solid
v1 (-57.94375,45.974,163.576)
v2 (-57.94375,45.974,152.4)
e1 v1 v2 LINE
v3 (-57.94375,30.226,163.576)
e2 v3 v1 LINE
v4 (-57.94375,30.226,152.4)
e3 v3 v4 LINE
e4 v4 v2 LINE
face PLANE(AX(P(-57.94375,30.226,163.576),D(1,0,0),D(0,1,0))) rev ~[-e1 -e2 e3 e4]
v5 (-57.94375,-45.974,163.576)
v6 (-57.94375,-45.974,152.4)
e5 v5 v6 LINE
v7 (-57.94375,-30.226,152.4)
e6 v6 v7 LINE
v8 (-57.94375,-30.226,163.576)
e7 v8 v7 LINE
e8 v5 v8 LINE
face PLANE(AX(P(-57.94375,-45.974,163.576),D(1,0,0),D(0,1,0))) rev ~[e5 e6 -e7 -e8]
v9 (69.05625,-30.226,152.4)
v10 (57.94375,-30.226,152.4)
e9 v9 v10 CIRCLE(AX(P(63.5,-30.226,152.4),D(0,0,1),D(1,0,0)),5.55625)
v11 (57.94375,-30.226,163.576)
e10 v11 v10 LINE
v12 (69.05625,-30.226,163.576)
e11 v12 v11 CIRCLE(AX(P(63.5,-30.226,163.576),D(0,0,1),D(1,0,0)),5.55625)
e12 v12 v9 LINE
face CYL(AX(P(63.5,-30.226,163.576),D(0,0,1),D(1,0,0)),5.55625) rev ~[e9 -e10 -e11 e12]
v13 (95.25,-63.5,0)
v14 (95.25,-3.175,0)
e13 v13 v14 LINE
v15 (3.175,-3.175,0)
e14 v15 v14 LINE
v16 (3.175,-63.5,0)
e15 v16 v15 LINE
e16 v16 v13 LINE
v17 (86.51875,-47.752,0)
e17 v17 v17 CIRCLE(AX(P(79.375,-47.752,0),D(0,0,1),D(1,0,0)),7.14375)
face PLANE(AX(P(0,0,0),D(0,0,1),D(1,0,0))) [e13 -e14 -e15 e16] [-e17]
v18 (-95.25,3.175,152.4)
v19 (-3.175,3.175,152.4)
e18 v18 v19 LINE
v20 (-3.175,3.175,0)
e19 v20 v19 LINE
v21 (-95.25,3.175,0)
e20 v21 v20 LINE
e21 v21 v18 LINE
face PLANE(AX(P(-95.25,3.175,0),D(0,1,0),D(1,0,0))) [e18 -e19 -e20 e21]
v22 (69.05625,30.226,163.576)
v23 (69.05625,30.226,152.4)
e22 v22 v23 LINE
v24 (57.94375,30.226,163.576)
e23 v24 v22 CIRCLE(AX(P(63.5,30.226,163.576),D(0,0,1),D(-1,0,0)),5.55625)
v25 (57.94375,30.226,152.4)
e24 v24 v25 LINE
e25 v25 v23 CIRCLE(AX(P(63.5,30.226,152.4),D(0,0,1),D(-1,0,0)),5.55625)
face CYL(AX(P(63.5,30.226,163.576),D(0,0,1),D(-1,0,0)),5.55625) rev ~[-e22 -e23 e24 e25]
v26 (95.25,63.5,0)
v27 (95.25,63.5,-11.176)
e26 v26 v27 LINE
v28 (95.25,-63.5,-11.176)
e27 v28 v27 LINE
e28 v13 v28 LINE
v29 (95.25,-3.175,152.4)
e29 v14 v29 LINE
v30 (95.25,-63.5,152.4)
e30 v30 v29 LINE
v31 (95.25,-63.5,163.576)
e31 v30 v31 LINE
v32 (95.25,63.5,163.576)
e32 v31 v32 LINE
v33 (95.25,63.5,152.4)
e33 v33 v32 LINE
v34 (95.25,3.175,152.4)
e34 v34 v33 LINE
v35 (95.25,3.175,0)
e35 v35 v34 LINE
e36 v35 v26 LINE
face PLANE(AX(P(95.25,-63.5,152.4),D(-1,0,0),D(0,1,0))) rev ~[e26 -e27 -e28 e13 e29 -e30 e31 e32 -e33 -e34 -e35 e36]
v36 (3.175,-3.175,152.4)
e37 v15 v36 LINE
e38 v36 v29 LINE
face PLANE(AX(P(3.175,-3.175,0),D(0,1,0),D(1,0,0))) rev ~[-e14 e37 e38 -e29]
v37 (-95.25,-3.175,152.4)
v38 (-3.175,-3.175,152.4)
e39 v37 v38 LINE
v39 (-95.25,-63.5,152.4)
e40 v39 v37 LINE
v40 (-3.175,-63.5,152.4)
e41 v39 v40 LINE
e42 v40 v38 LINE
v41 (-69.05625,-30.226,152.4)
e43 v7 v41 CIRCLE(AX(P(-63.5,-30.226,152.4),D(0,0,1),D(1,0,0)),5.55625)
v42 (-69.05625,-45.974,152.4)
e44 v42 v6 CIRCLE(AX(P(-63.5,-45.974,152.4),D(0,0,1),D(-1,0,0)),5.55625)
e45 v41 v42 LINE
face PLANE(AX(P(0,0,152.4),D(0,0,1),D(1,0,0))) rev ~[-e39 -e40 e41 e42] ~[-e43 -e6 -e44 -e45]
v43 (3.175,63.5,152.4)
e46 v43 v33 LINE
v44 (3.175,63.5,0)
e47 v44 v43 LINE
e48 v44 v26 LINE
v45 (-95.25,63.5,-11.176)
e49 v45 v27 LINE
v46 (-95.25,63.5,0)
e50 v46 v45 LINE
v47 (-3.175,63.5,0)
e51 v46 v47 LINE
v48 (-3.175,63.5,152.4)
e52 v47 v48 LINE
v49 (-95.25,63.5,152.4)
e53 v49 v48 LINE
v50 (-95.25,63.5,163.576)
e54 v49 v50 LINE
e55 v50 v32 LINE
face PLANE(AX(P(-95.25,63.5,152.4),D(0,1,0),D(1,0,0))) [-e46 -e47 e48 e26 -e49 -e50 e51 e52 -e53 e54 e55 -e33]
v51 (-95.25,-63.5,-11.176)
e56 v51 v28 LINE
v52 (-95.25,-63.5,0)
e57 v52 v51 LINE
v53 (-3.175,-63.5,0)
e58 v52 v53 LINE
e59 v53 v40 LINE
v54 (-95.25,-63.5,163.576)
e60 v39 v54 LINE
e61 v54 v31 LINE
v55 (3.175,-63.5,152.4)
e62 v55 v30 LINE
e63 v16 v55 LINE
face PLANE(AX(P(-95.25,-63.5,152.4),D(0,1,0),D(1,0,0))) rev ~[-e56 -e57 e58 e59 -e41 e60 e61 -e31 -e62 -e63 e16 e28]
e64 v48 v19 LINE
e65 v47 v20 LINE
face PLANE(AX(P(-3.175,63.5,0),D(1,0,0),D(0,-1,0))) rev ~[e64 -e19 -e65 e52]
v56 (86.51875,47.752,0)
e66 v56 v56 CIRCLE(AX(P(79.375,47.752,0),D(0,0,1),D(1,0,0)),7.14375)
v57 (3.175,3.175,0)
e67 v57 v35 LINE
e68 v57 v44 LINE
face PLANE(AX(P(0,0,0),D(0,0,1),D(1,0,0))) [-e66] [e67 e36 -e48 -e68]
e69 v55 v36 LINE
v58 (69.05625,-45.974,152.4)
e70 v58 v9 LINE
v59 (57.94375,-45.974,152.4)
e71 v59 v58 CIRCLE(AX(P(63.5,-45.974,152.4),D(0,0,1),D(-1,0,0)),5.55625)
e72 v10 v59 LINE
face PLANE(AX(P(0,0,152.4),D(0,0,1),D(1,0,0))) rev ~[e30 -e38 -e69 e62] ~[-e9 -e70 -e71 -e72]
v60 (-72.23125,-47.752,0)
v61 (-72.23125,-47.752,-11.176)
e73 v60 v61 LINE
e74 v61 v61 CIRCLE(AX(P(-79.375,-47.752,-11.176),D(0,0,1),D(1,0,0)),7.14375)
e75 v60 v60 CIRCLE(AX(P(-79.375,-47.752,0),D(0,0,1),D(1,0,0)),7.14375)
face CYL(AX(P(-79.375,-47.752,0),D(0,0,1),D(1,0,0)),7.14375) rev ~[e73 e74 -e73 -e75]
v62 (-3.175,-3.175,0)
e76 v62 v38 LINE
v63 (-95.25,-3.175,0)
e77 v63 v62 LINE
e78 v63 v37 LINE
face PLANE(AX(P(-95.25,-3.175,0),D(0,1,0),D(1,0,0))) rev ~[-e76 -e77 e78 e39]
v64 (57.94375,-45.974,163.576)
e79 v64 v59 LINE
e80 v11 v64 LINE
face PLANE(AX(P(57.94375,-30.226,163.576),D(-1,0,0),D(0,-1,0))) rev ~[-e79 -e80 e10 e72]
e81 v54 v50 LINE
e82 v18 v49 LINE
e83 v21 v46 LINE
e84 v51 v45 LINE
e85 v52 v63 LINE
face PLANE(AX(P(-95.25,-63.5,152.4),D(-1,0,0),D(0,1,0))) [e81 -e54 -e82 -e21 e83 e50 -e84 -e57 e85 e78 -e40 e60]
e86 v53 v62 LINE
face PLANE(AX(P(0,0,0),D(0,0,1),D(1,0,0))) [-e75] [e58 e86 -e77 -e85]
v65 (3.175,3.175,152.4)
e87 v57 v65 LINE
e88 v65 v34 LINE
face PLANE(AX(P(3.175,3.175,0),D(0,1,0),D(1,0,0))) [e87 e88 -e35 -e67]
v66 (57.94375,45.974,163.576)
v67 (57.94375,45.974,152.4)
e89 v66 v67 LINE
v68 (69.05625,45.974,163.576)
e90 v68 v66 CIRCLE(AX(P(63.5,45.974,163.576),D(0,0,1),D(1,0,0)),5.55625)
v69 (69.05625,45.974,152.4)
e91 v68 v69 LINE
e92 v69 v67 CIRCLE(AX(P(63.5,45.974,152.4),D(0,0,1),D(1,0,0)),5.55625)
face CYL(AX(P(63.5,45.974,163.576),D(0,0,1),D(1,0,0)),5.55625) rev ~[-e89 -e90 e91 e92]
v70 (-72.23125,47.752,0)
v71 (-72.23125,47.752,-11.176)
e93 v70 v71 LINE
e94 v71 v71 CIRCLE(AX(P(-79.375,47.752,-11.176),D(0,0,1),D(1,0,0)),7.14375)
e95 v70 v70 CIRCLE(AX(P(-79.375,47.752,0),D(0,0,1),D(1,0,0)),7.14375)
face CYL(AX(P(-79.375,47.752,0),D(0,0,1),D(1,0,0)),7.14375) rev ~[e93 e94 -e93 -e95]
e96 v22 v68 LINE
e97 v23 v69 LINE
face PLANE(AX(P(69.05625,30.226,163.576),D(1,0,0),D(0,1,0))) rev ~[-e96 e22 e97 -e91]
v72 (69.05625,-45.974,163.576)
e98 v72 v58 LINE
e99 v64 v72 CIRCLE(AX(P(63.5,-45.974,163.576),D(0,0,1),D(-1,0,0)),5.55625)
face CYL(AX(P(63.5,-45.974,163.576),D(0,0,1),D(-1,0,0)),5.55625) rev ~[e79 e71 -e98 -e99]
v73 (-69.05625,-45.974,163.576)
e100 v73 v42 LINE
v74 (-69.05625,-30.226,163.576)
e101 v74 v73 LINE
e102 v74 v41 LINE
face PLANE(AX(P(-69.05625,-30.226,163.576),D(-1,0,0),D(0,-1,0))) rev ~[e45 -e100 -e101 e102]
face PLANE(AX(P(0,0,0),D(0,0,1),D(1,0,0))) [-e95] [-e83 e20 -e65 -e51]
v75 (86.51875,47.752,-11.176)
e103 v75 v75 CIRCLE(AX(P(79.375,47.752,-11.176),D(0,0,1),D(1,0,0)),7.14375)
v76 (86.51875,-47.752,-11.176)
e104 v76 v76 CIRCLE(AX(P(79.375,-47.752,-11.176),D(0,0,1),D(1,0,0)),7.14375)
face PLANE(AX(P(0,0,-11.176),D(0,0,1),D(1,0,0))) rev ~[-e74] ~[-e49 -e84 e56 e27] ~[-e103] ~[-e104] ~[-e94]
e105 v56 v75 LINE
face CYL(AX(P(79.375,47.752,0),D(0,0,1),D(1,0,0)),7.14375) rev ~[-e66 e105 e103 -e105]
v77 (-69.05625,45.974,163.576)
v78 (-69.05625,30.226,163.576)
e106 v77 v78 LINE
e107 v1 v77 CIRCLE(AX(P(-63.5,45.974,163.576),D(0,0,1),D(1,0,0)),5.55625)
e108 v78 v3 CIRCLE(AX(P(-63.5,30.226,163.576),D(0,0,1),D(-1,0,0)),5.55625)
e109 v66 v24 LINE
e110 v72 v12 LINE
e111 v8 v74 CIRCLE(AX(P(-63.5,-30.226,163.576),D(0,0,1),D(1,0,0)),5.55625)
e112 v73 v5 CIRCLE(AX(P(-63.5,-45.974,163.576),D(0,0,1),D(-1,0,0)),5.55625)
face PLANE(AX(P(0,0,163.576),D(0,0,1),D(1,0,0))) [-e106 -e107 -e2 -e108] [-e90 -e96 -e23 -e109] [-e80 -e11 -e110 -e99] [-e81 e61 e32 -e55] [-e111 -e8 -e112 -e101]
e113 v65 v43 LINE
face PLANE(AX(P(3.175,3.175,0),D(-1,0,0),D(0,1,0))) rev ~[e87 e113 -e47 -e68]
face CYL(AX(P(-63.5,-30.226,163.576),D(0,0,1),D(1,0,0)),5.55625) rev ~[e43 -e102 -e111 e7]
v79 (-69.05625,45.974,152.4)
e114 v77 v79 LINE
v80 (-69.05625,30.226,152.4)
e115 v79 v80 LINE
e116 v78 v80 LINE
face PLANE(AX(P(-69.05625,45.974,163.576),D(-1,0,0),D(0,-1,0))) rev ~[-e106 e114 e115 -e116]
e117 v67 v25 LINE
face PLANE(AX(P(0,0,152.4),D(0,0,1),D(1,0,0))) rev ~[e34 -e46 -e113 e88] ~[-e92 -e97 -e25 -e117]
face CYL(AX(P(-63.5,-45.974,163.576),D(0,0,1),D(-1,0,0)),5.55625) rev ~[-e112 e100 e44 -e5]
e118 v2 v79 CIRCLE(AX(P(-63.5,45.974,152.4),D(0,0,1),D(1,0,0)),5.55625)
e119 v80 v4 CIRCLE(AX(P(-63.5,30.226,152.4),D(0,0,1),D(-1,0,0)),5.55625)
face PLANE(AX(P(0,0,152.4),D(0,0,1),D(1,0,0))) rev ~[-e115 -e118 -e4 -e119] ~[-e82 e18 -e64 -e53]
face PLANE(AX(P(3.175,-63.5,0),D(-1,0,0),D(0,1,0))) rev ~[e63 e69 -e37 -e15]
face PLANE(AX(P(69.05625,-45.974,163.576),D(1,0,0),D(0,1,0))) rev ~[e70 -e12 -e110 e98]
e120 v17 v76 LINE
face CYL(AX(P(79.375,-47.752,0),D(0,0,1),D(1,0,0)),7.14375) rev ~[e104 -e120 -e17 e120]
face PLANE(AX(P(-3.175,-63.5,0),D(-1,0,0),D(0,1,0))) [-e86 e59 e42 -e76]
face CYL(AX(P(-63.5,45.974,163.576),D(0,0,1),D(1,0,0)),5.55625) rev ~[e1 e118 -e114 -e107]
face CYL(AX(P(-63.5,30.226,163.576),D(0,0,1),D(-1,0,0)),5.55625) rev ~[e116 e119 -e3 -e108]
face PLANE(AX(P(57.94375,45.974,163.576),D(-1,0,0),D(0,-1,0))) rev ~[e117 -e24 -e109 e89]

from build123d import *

# Parameters (mm, degrees)
F0_W     = 190.5
F0_H     = 127
F0_R     = 7.14375
F1_DEPTH = 11.176
F2_W     = 6.35
F2_H     = 60.325
F2_H_2   = 6.35
F2_W_2   = 92.075
F3_DEPTH = 152.4
F4_W     = 190.5
F4_H     = 127
F5_DEPTH = 11.176
F7_DEPTH = 25.4


with BuildPart() as f1:
    # F0 (on Top) → F1 (new body)
    with BuildSketch(Plane.XY):
        Rectangle(F0_W, F0_H)
        with Locations((-79.375, -47.752)):
            Circle(F0_R, mode=Mode.SUBTRACT)
        with Locations((79.375, -47.752)):
            Circle(F0_R, mode=Mode.SUBTRACT)
        with Locations((-79.375, 47.752)):
            Circle(F0_R, mode=Mode.SUBTRACT)
        with Locations((79.375, 47.752)):
            Circle(F0_R, mode=Mode.SUBTRACT)
    extrude(amount=-F1_DEPTH)

    # F2 (on face) → F3 (join)
    with BuildSketch(Plane.XY):
        with Locations((0, 33.3375)):
            Rectangle(F2_W, F2_H)
        Rectangle(F2_W, F2_H_2)
        with Locations((-49.2125, 0)):
            Rectangle(F2_W_2, F2_H_2)
        with Locations((49.2125, 0)):
            Rectangle(F2_W_2, F2_H_2)
        with Locations((0, -33.3375)):
            Rectangle(F2_W, F2_H)
    extrude(amount=F3_DEPTH)

    # F4 (on face) → F5 (join)
    with BuildSketch(Plane.XY.offset(152.4)):
        Rectangle(F4_W, F4_H)
    extrude(amount=F5_DEPTH)

    # F6 (on face) → F7 (cut)
    with BuildSketch(Plane.XY.offset(163.576)):
        with BuildLine():
            ThreePointArc((-57.94375, -30.226), (-63.5, -24.66975), (-69.05625, -30.226))
            Line((-69.05625, -30.226), (-69.05625, -45.974))
            ThreePointArc((-69.05625, -45.974), (-63.5, -51.53025), (-57.94375, -45.974))
            Line((-57.94375, -45.974), (-57.94375, -30.226))
        make_face()
        with BuildLine():
            Line((69.05625, -45.974), (69.05625, -30.226))
            ThreePointArc((69.05625, -30.226), (63.5, -24.66975), (57.94375, -30.226))
            Line((57.94375, -30.226), (57.94375, -45.974))
            ThreePointArc((57.94375, -45.974), (63.5, -51.53025), (69.05625, -45.974))
        make_face()
        with BuildLine():
            Line((-69.05625, 45.974), (-69.05625, 30.226))
            ThreePointArc((-69.05625, 30.226), (-63.5, 24.66975), (-57.94375, 30.226))
            Line((-57.94375, 30.226), (-57.94375, 45.974))
            ThreePointArc((-57.94375, 45.974), (-63.5, 51.53025), (-69.05625, 45.974))
        make_face()
        with BuildLine():
            ThreePointArc((57.94375, 30.226), (63.5, 24.66975), (69.05625, 30.226))
            Line((69.05625, 30.226), (69.05625, 45.974))
            ThreePointArc((69.05625, 45.974), (63.5, 51.53025), (57.94375, 45.974))
            Line((57.94375, 45.974), (57.94375, 30.226))
        make_face()
    extrude(amount=-F7_DEPTH, mode=Mode.SUBTRACT)


solid = f1.part
